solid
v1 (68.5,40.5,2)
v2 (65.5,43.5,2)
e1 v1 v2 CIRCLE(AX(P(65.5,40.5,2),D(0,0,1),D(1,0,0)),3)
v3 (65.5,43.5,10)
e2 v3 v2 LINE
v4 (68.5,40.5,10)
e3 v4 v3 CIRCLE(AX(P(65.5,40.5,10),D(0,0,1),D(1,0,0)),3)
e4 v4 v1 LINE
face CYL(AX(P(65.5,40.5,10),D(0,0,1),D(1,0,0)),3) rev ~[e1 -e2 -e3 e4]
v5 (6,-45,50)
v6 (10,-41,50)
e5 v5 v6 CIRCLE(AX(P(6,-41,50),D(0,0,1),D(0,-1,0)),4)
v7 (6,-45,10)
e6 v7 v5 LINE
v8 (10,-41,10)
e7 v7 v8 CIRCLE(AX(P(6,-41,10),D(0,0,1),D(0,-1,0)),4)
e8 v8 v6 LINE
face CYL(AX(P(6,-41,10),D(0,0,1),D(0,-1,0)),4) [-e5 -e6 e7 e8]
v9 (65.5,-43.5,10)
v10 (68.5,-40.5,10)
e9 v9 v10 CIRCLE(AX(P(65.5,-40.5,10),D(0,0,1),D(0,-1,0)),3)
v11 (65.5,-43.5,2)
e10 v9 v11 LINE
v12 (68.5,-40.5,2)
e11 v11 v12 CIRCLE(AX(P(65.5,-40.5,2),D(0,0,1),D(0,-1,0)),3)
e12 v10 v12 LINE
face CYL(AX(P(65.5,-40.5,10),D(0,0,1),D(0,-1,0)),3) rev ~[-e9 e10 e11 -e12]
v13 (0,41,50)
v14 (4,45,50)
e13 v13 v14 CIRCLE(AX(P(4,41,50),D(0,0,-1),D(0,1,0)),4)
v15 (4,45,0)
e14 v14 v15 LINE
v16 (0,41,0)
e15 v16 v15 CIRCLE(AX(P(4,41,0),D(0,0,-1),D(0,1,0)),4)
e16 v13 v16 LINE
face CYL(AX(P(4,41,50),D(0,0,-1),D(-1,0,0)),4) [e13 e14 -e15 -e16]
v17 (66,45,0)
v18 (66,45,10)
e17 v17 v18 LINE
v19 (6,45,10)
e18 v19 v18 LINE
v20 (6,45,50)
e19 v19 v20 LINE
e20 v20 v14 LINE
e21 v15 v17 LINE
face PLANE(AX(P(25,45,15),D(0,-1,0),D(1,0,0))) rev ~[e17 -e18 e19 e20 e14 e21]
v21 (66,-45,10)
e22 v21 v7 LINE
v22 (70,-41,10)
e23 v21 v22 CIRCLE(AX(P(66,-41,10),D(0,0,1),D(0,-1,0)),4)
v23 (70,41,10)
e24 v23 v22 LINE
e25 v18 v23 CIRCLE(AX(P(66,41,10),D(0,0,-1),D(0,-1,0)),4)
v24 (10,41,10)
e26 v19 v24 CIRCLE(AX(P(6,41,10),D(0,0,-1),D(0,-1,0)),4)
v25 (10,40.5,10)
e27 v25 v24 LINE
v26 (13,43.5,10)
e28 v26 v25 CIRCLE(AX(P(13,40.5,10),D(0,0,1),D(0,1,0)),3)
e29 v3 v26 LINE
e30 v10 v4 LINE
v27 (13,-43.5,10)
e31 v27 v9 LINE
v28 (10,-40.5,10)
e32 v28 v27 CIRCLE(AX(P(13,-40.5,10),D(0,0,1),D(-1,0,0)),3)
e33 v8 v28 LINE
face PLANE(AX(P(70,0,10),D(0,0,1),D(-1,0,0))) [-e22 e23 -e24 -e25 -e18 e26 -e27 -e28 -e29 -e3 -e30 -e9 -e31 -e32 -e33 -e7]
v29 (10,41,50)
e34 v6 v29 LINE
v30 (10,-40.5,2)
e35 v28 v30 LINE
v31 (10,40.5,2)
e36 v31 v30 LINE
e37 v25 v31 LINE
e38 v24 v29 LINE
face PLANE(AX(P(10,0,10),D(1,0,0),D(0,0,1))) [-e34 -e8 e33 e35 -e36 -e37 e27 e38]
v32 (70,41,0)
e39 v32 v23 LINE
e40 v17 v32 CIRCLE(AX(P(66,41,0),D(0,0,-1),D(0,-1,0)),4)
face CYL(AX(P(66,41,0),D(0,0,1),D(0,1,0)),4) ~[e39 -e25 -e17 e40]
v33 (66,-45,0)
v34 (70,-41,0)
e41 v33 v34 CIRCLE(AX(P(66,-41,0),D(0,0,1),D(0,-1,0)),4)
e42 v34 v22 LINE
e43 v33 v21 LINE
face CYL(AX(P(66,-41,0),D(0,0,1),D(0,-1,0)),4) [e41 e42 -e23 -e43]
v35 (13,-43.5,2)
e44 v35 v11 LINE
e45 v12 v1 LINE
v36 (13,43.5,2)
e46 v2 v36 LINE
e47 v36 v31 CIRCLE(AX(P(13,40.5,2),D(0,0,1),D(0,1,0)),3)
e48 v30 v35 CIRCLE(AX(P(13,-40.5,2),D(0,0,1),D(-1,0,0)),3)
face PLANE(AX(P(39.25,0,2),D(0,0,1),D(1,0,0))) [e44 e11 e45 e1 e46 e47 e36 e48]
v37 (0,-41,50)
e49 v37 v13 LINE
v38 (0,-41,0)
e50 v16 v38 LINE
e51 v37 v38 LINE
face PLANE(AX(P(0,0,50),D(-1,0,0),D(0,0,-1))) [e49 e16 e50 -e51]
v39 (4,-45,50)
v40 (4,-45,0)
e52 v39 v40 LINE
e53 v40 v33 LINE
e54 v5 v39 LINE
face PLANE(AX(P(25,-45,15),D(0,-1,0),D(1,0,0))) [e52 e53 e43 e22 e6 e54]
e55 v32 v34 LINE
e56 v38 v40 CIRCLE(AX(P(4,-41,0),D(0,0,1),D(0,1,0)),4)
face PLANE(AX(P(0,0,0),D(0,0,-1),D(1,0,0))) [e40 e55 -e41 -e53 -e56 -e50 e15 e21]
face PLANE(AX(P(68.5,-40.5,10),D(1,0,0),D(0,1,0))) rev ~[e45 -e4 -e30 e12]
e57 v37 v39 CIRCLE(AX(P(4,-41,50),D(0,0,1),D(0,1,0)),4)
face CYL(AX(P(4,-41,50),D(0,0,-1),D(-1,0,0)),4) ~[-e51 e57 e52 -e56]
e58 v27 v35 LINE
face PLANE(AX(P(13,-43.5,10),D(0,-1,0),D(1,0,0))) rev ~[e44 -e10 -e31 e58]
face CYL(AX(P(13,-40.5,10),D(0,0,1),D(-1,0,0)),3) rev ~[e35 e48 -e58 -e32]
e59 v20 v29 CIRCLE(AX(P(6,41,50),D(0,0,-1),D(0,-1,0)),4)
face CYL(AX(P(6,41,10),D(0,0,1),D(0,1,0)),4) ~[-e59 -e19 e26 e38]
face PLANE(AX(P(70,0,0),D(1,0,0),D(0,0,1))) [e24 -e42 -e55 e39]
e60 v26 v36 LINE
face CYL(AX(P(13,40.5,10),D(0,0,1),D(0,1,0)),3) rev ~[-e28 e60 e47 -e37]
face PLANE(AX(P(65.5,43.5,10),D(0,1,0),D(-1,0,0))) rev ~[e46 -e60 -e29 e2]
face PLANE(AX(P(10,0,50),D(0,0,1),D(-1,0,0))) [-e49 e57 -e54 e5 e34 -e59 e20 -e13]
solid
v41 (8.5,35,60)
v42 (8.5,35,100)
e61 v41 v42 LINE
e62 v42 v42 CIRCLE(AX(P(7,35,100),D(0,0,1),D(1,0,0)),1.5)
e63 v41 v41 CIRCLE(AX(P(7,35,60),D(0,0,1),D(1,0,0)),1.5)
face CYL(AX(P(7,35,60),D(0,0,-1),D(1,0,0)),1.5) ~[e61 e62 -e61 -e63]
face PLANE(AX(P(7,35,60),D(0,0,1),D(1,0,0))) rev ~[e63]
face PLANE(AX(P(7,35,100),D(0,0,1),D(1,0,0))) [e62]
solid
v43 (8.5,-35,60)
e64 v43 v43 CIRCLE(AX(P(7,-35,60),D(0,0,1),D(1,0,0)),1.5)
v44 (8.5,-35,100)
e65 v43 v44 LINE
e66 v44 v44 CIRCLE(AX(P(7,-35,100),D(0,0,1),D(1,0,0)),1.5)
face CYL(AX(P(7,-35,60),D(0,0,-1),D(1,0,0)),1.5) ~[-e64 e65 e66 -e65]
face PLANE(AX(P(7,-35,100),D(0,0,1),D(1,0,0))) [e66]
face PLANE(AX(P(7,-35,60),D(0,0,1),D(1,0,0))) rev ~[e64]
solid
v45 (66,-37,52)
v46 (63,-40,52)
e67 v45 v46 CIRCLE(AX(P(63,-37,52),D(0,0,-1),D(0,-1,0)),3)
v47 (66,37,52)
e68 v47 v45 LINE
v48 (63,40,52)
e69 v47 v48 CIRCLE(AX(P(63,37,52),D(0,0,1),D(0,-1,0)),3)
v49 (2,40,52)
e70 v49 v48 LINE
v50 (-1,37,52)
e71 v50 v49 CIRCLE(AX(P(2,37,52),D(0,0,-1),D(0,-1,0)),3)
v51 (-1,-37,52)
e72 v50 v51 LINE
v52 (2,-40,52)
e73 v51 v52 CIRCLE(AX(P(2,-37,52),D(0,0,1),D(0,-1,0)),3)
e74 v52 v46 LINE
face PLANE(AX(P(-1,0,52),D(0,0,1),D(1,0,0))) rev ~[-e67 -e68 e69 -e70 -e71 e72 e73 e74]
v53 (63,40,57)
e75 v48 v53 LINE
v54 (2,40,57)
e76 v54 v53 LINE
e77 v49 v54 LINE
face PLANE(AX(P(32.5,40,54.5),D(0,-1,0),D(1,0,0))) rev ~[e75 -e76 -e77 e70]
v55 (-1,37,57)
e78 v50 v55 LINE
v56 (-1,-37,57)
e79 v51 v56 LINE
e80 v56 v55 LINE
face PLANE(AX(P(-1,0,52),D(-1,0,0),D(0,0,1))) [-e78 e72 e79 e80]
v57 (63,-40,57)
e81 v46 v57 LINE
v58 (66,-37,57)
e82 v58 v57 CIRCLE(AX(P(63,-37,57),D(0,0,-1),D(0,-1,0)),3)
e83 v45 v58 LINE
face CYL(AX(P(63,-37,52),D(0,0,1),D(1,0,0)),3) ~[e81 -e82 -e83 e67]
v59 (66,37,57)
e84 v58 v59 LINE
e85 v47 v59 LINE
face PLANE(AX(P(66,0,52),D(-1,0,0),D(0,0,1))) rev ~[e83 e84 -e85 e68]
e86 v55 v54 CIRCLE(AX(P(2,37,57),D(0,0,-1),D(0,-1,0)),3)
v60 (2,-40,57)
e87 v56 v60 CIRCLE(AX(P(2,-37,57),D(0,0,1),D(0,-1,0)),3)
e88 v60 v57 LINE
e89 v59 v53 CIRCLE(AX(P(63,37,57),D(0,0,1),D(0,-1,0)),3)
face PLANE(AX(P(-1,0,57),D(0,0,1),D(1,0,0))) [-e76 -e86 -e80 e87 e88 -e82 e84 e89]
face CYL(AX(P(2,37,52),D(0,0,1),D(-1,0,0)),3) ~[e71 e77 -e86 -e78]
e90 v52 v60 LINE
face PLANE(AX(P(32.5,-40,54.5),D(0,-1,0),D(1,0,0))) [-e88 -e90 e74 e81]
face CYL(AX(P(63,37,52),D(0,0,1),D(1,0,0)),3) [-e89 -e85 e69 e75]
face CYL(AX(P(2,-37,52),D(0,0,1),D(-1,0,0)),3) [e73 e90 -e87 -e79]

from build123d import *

# Parameters (mm, degrees)
F1_DEPTH      = 45
F1_DEPTH_BACK = 45
F5_DEPTH      = 8
F3_W          = 67
F3_H          = 5
F6_DEPTH      = 40
F6_DEPTH_BACK = 40
F7_R          = 4
F8_R          = 3
F9_R          = 1.5
F10_DEPTH     = 40


with BuildPart() as f1:
    # F0 (on Front) → F1 (new body, two sides)
    with BuildSketch(Plane.XZ) as f1_sk:
        Polygon((0, 50), (0, 0), (70, 0), (70, 10), (10, 10), (10, 50), align=None)
    extrude(amount=F1_DEPTH)
    extrude(f1_sk.sketch, amount=-F1_DEPTH_BACK)

    # F4 (on face) → F5 (cut)
    with BuildSketch(Plane.XY.offset(10)):
        with BuildLine():
            ThreePointArc((68.5, 40.5), (67.6213203436, 42.6213203436), (65.5, 43.5))
            Line((65.5, 43.5), (13, 43.5))
            ThreePointArc((13, 43.5), (10.8786796564, 42.6213203436), (10, 40.5))
            Line((10, 40.5), (10, -40.5))
            ThreePointArc((10, -40.5), (10.8786796564, -42.6213203436), (13, -43.5))
            Line((13, -43.5), (65.5, -43.5))
            ThreePointArc((65.5, -43.5), (67.6213203436, -42.6213203436), (68.5, -40.5))
            Line((68.5, -40.5), (68.5, 40.5))
        make_face()
    extrude(amount=-F5_DEPTH, mode=Mode.SUBTRACT)

    # F7
    f7_edges = [f1.edges().sort_by_distance(p)[0] for p in [
        (70, -45, 5),
        (70, 45, 5),
        (0, -45, 25),
        (0, 45, 25),
        (10, -45, 30),
        (10, 45, 30),
    ]]
    fillet(f7_edges, radius=F7_R)


with BuildPart() as f6:
    # F3 (on Front) → F6 (new body, two sides)
    with BuildSketch(Plane.XZ) as f6_sk:
        with Locations((32.5, 54.5)):
            Rectangle(F3_W, F3_H)
    extrude(amount=-F6_DEPTH)
    extrude(f6_sk.sketch, amount=F6_DEPTH_BACK)

    # F8
    f8_edges = [f6.edges().sort_by_distance(p)[0] for p in [
        (66, -40, 54.5),
        (66, 40, 54.5),
        (-1, 40, 54.5),
        (-1, -40, 54.5),
    ]]
    fillet(f8_edges, radius=F8_R)


with BuildPart() as f10:
    # F9 (on offset) → F10 (new body)
    with BuildSketch(Plane.XY.offset(60)):
        with Locations((7, -35)):
            Circle(F9_R)
    extrude(amount=F10_DEPTH)


with BuildPart() as f10b:
    # F9 (on offset) → F10, piece 2 (new body)
    with BuildSketch(Plane.XY.offset(60)):
        with Locations((7, 35)):
            Circle(F9_R)
    extrude(amount=F10_DEPTH)


solid = Compound([f1.part, f6.part, f10.part, f10b.part])
